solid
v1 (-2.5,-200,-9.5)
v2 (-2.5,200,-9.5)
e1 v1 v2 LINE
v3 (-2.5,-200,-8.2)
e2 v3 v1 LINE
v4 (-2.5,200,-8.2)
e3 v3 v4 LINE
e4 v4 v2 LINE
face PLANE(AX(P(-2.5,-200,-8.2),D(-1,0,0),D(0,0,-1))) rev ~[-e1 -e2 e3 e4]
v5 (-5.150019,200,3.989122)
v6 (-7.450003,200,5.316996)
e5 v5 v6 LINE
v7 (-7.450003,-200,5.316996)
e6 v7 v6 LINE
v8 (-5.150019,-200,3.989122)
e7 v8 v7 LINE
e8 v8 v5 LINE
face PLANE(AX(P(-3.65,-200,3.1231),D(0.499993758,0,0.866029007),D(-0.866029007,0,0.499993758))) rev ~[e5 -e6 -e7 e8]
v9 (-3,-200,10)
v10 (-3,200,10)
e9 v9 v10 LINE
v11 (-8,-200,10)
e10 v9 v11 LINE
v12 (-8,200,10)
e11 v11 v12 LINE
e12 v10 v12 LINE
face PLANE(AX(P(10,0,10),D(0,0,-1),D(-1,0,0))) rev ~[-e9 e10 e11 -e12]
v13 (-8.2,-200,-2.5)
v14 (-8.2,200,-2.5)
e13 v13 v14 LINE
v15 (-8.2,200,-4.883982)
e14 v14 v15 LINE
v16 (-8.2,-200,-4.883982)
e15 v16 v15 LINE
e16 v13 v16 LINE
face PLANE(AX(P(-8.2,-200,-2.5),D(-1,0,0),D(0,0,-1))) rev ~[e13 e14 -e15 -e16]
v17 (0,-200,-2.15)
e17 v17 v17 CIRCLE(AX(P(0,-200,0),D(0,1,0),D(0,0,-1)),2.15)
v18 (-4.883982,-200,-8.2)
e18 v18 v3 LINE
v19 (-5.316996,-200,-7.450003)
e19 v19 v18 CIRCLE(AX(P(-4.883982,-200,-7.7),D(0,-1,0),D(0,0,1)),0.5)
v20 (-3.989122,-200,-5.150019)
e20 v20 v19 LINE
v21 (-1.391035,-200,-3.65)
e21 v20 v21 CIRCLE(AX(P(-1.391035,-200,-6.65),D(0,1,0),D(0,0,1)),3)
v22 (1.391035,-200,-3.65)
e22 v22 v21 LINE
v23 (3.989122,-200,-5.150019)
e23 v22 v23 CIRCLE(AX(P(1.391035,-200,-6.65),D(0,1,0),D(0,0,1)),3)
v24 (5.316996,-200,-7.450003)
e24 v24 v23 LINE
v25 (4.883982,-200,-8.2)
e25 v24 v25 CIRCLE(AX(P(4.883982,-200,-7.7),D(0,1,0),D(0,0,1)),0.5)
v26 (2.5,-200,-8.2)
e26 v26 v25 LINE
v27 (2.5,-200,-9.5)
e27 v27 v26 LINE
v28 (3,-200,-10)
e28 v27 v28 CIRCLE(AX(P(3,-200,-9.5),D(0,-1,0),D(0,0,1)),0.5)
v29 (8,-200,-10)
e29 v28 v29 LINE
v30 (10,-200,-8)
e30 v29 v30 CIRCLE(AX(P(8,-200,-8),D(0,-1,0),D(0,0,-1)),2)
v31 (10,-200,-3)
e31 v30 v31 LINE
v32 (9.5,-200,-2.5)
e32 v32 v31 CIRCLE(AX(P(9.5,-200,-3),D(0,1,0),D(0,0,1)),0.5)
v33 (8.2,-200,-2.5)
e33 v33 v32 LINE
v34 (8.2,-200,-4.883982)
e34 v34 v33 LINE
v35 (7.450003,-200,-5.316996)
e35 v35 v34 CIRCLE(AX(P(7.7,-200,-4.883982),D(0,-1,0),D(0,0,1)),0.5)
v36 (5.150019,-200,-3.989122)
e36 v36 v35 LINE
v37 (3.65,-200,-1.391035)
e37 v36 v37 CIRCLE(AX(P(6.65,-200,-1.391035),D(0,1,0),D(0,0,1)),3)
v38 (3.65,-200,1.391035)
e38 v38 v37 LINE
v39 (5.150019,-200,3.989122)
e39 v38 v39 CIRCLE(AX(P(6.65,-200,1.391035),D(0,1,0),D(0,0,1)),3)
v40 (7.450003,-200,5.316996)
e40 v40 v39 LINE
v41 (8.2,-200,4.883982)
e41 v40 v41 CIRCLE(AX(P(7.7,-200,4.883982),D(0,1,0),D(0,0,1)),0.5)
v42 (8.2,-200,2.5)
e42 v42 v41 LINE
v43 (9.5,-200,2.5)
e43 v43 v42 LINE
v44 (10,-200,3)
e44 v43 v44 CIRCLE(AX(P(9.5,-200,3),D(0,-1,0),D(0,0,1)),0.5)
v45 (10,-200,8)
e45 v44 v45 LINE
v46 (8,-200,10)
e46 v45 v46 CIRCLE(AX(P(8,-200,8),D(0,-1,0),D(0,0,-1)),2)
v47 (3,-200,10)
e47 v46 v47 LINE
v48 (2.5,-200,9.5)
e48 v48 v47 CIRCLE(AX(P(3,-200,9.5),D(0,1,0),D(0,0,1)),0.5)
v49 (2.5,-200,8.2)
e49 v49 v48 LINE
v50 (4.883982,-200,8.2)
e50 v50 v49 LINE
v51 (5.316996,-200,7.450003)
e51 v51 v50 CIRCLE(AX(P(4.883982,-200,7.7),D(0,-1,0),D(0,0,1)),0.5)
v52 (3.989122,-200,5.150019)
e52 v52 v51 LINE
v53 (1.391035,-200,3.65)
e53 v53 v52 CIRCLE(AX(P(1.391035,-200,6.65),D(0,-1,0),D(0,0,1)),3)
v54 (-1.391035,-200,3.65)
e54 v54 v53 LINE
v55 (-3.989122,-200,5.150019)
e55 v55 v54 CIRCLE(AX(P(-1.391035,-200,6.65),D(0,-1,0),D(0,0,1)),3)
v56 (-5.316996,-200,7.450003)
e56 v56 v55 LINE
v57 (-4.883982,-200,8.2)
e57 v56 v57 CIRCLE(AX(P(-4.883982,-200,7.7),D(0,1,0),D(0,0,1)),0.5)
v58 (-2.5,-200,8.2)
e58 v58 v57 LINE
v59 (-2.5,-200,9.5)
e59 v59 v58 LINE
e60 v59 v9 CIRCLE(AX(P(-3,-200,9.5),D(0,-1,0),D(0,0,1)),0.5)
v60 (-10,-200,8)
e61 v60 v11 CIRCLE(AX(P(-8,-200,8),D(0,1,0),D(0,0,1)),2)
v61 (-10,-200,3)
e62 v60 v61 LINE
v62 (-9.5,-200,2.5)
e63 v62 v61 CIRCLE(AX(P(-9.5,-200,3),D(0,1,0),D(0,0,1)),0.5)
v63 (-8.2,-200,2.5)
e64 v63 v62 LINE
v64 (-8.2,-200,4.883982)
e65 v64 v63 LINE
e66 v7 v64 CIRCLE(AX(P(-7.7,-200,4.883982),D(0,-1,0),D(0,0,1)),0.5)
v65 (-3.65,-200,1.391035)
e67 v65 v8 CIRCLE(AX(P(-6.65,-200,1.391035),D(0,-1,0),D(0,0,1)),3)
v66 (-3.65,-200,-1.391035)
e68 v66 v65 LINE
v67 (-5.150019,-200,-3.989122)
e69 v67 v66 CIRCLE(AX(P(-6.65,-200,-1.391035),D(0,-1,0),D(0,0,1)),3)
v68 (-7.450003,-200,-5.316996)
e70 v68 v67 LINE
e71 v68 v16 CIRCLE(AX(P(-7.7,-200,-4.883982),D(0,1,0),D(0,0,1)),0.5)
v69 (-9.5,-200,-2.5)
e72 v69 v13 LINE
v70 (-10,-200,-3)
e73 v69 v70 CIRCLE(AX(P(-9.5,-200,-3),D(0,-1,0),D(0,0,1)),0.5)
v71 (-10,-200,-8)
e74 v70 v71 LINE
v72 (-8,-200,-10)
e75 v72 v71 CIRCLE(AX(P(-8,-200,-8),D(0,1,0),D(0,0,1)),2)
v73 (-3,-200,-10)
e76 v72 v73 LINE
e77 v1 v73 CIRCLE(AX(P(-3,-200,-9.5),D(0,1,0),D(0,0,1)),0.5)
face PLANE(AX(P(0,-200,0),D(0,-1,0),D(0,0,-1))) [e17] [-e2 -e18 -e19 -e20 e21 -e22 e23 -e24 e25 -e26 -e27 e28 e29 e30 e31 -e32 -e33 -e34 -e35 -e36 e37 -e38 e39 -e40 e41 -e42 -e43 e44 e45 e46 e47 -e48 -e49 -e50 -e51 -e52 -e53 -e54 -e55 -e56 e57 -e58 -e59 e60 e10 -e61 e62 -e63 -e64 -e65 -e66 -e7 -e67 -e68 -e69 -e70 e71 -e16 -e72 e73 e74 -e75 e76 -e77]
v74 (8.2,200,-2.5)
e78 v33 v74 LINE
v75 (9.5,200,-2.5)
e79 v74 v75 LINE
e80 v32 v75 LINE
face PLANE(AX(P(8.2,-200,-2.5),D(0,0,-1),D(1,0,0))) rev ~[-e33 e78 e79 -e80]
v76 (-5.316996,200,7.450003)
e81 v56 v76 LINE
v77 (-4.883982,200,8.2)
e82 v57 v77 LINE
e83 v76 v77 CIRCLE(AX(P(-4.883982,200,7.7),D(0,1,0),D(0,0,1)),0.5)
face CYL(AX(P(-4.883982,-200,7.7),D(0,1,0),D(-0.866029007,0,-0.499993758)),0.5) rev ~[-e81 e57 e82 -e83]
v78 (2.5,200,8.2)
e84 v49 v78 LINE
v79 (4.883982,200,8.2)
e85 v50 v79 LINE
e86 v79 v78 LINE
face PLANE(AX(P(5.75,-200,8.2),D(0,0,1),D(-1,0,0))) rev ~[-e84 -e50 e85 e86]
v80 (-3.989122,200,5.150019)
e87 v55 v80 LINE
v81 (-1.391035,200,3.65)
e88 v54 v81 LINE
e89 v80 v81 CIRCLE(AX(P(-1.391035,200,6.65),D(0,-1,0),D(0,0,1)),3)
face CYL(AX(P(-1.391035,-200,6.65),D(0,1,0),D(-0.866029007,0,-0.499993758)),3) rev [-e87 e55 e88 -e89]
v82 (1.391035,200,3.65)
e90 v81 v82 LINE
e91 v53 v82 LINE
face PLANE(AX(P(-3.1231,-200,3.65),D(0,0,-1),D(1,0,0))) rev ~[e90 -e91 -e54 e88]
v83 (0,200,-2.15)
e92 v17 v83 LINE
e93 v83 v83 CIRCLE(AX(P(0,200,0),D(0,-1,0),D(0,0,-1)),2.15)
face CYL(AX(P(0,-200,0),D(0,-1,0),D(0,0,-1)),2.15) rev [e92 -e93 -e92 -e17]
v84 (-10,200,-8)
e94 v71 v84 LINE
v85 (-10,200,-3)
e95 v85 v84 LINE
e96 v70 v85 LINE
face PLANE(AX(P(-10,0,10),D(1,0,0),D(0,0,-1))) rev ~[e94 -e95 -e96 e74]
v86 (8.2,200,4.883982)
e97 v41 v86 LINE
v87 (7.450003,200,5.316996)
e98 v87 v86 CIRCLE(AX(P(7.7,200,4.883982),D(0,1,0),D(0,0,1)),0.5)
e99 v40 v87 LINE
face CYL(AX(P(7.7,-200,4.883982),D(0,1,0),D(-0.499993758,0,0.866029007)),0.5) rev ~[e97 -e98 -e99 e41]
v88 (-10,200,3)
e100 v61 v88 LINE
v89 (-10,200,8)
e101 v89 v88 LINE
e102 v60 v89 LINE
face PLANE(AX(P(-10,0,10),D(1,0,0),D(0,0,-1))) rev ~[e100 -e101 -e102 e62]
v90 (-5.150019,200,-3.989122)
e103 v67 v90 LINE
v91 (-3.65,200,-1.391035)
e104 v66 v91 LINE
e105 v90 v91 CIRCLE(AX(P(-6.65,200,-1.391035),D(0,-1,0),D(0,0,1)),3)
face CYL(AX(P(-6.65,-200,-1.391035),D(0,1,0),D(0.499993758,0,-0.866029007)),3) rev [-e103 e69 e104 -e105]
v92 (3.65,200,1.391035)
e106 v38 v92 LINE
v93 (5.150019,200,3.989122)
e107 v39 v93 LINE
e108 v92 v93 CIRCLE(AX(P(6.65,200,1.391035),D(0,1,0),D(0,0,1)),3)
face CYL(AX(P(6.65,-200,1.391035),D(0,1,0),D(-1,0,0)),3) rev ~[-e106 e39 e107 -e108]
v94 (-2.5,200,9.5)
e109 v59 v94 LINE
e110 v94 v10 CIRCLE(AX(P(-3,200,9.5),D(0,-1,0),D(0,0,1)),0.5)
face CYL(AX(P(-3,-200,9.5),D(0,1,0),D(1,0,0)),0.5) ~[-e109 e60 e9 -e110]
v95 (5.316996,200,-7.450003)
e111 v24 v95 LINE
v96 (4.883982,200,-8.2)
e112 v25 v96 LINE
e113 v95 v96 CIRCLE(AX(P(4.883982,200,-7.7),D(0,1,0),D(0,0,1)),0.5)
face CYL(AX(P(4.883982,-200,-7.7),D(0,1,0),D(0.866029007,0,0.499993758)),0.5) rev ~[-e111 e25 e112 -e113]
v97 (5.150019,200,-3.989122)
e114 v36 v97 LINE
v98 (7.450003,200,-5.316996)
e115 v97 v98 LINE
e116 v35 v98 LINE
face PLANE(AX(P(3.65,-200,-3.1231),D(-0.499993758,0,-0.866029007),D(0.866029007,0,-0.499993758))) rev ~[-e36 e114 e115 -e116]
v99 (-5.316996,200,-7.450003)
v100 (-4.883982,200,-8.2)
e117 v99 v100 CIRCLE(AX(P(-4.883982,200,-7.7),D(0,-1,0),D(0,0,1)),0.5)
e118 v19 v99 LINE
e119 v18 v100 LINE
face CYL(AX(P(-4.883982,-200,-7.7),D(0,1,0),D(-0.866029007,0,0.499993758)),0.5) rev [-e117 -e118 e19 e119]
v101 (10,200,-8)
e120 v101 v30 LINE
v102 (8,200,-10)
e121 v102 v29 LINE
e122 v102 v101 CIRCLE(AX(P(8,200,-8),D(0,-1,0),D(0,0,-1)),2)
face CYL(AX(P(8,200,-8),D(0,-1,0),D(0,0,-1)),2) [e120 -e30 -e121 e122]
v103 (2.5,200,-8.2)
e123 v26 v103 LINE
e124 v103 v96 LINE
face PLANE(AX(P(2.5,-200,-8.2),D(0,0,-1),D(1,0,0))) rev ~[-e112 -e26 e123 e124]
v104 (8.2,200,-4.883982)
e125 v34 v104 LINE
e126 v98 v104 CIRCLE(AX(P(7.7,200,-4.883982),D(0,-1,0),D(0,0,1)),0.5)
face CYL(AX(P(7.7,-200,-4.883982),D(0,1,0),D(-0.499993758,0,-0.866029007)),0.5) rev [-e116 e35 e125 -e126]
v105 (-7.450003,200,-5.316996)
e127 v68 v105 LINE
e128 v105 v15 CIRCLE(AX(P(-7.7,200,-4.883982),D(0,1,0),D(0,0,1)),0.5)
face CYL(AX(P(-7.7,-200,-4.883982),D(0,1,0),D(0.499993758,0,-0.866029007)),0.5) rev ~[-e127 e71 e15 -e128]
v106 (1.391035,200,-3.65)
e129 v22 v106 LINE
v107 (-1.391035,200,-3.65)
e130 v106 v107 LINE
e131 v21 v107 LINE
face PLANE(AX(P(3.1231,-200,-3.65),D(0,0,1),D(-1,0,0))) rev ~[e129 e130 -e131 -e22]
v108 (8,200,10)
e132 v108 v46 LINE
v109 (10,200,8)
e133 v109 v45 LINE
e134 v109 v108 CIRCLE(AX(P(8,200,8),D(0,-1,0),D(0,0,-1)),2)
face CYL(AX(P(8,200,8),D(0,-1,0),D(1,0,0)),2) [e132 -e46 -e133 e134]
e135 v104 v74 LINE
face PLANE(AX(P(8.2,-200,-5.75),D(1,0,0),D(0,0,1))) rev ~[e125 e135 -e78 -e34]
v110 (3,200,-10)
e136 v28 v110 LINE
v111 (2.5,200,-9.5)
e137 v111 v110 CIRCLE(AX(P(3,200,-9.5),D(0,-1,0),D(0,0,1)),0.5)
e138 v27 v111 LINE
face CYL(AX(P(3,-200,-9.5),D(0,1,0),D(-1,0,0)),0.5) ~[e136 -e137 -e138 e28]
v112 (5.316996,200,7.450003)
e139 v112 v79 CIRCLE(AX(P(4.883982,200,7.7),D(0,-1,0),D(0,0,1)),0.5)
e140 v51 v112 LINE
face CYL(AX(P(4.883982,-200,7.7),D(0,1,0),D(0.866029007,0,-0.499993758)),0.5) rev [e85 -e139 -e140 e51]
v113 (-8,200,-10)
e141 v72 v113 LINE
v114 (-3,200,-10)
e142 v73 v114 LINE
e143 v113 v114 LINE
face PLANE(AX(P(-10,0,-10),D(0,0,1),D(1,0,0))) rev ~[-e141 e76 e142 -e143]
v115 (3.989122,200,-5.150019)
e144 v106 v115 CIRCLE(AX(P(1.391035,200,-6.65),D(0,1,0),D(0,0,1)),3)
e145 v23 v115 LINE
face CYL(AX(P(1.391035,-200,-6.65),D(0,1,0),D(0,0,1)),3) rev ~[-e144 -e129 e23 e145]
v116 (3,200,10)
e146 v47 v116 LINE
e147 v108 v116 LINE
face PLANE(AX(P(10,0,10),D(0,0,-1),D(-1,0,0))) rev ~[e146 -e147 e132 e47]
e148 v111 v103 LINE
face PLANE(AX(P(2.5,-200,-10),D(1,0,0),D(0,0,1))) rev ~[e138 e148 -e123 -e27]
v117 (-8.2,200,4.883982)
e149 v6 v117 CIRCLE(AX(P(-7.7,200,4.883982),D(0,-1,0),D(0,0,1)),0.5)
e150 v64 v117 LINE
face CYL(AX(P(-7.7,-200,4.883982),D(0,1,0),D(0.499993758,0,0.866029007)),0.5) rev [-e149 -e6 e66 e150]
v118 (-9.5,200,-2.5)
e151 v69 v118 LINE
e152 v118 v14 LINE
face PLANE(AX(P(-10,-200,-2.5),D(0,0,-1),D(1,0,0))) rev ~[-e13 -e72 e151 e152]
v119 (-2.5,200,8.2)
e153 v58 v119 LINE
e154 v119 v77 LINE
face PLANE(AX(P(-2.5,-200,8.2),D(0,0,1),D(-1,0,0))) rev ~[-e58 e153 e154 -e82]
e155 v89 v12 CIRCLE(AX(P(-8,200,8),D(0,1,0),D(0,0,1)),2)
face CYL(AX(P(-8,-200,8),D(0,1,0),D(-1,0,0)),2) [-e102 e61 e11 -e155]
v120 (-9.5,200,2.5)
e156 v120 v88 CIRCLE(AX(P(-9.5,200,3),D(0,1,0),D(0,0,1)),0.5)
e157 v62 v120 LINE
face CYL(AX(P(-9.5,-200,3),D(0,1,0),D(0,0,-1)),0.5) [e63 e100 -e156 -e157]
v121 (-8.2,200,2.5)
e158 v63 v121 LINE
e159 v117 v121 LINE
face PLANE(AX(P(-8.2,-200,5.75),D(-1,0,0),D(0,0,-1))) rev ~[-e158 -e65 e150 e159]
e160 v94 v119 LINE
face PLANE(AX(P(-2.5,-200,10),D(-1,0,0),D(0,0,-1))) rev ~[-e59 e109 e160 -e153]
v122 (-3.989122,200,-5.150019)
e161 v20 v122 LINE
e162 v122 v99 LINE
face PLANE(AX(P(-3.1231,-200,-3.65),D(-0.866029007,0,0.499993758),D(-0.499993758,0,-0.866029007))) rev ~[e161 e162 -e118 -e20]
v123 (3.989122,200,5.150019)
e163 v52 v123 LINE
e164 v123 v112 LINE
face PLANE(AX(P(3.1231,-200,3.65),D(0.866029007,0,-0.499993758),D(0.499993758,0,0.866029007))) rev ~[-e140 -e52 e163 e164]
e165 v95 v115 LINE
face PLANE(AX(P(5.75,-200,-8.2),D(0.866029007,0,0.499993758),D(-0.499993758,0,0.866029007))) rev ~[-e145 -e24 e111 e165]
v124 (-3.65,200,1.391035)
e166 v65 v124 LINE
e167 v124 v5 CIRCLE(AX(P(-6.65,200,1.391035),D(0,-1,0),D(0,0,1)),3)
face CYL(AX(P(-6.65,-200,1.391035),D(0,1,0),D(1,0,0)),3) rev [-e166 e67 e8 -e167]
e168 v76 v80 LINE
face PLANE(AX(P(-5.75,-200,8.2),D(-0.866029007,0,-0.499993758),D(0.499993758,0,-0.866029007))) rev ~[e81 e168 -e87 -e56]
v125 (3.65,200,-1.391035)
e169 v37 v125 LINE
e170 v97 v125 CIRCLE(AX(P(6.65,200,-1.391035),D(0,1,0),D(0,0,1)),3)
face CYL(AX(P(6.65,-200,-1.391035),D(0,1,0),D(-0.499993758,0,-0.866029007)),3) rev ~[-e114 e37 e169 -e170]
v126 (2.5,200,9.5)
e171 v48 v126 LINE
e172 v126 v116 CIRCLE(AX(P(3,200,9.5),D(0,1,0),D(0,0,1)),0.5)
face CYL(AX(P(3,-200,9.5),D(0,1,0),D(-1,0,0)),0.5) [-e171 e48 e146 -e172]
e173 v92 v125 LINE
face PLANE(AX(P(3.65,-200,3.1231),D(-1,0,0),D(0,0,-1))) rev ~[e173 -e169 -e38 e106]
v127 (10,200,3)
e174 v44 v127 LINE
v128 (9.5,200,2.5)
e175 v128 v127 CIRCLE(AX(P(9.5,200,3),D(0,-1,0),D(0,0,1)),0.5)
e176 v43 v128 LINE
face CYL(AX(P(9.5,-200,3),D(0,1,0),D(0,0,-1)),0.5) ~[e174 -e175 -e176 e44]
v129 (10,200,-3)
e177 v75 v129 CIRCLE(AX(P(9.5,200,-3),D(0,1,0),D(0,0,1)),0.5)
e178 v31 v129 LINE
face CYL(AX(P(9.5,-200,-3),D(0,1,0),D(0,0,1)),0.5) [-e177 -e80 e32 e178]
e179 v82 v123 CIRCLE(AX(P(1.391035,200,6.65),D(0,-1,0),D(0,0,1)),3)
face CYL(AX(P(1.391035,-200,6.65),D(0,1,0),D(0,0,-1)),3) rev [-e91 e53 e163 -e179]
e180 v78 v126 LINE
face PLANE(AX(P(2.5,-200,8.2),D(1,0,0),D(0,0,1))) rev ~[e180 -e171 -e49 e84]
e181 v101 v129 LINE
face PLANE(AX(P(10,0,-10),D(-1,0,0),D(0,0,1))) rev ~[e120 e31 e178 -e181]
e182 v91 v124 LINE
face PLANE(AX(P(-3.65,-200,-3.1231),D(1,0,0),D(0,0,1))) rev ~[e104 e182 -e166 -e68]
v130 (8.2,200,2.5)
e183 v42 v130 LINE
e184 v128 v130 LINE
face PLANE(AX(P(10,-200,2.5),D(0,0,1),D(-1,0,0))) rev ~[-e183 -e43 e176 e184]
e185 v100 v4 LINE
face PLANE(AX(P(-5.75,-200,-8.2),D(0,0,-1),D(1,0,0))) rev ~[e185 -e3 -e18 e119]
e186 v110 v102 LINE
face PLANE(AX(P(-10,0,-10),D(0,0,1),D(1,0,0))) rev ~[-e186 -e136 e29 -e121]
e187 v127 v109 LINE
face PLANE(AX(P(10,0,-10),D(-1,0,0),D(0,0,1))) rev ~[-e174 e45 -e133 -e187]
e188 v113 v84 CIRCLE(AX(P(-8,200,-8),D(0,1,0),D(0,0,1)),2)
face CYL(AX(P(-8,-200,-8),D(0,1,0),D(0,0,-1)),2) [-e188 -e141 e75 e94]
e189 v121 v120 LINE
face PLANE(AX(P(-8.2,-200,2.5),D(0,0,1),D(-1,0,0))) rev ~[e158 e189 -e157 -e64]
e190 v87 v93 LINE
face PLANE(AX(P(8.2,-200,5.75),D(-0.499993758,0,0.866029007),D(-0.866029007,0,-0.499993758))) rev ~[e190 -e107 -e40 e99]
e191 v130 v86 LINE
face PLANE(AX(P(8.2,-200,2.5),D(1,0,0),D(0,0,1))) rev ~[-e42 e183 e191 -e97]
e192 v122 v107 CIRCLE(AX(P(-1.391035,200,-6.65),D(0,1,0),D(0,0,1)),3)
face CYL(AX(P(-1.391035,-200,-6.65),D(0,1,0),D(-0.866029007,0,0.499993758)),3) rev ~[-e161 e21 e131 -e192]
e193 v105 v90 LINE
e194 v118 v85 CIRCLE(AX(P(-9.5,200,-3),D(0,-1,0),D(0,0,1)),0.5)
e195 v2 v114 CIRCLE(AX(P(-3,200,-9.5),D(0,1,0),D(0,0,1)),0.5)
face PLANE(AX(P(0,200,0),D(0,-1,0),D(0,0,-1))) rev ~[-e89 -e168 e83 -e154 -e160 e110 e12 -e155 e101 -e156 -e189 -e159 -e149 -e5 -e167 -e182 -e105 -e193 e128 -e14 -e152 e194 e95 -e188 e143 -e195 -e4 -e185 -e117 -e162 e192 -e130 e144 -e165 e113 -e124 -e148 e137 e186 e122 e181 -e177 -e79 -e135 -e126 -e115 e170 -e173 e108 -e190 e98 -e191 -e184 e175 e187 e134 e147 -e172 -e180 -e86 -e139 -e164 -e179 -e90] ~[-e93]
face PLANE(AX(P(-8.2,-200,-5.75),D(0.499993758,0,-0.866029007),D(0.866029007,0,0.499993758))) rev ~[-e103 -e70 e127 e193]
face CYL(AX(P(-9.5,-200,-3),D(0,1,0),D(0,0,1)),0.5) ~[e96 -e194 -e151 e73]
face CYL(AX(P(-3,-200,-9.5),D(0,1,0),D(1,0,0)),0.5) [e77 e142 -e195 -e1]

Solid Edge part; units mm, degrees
sketch "Sketch1" plane through (0, 0, 0) normal (0, -1, 0) x (1, 0, 0)
  line L0 (-10, -10) -> (10, -10)
  line L1 (10, -10) -> (10, 10)
  line L2 (10, 10) -> (-10, 10)
  line L3 (-10, 10) -> (-10, -10)
  dimension "D1" = 20
  dimension "D2" = 20
extrude "Protrusion1" add sketch "Sketch1" along normal mid plane 400
sketch "Sketch2" plane through (0, -200, 0) normal (0, -1, 0) x (1, 0, 0)
  line L0 (-2.5, 10) -> (-2.5, 8.2)
  line L1 (-2.5, 8.2) -> (-5.75, 8.2)
  line L2 (-5.75, 8.2) -> (-3.1231, 3.65)
  line L3 (-3.1231, 3.65) -> (3.1231, 3.65)
  line L4 (3.1231, 3.65) -> (5.75, 8.2)
  line L5 (5.75, 8.2) -> (2.5, 8.2)
  line L6 (2.5, 8.2) -> (2.5, 10)
  line L7 (2.5, 10) -> (-2.5, 10)
  dimension "D1" = 11.5
  dimension "D2" = 1.8
  dimension "D3" = 5
  dimension "D4" = 6.35
extrude "Cutout1" cut sketch "Sketch2" against normal through all
fillet "Verrundung_1" radius 2 4 edges at (10, 0, 10) (-10, 0, 10) (10, 0, -10) (-10, 0, -10)
fillet "Verrundung_2" radius 3 2 edges at (-3.1231, 0, 3.65) (3.1231, 0, 3.65)
fillet "Verrundung_3" radius 0.5 4 edges at (-5.75, 0, 8.2) (5.75, 0, 8.2) (-2.5, 0, 10) (2.5, 0, 10)
hole "Bohrung_1" at (0, -200, 0) direction (0, 1, 0) diameter 4.3 end up to next
pattern_circular "Pattern1" count 4 over 360 about axis through (0, -200, 0) along (0, -1, 0) of "Cutout1"
fillet "Round1" radius 3 2 edges at (-3.65, 0, -3.1231) (-3.65, 0, 3.1231)
fillet "Round2" radius 0.5 4 edges at (-8.2, 0, -5.75) (-8.2, 0, 5.75) (-10, 0, -2.5) (-10, 0, 2.5)
fillet "Round3" radius 3 2 edges at (3.1231, 0, -3.65) (-3.1231, 0, -3.65)
fillet "Round4" radius 0.5 4 edges at (5.75, 0, -8.2) (-5.75, 0, -8.2) (2.5, 0, -10) (-2.5, 0, -10)
fillet "Round5" radius 3 2 edges at (3.65, 0, 3.1231) (3.65, 0, -3.1231)
fillet "Round6" radius 0.5 4 edges at (8.2, 0, 5.75) (8.2, 0, -5.75) (10, 0, 2.5) (10, 0, -2.5)
